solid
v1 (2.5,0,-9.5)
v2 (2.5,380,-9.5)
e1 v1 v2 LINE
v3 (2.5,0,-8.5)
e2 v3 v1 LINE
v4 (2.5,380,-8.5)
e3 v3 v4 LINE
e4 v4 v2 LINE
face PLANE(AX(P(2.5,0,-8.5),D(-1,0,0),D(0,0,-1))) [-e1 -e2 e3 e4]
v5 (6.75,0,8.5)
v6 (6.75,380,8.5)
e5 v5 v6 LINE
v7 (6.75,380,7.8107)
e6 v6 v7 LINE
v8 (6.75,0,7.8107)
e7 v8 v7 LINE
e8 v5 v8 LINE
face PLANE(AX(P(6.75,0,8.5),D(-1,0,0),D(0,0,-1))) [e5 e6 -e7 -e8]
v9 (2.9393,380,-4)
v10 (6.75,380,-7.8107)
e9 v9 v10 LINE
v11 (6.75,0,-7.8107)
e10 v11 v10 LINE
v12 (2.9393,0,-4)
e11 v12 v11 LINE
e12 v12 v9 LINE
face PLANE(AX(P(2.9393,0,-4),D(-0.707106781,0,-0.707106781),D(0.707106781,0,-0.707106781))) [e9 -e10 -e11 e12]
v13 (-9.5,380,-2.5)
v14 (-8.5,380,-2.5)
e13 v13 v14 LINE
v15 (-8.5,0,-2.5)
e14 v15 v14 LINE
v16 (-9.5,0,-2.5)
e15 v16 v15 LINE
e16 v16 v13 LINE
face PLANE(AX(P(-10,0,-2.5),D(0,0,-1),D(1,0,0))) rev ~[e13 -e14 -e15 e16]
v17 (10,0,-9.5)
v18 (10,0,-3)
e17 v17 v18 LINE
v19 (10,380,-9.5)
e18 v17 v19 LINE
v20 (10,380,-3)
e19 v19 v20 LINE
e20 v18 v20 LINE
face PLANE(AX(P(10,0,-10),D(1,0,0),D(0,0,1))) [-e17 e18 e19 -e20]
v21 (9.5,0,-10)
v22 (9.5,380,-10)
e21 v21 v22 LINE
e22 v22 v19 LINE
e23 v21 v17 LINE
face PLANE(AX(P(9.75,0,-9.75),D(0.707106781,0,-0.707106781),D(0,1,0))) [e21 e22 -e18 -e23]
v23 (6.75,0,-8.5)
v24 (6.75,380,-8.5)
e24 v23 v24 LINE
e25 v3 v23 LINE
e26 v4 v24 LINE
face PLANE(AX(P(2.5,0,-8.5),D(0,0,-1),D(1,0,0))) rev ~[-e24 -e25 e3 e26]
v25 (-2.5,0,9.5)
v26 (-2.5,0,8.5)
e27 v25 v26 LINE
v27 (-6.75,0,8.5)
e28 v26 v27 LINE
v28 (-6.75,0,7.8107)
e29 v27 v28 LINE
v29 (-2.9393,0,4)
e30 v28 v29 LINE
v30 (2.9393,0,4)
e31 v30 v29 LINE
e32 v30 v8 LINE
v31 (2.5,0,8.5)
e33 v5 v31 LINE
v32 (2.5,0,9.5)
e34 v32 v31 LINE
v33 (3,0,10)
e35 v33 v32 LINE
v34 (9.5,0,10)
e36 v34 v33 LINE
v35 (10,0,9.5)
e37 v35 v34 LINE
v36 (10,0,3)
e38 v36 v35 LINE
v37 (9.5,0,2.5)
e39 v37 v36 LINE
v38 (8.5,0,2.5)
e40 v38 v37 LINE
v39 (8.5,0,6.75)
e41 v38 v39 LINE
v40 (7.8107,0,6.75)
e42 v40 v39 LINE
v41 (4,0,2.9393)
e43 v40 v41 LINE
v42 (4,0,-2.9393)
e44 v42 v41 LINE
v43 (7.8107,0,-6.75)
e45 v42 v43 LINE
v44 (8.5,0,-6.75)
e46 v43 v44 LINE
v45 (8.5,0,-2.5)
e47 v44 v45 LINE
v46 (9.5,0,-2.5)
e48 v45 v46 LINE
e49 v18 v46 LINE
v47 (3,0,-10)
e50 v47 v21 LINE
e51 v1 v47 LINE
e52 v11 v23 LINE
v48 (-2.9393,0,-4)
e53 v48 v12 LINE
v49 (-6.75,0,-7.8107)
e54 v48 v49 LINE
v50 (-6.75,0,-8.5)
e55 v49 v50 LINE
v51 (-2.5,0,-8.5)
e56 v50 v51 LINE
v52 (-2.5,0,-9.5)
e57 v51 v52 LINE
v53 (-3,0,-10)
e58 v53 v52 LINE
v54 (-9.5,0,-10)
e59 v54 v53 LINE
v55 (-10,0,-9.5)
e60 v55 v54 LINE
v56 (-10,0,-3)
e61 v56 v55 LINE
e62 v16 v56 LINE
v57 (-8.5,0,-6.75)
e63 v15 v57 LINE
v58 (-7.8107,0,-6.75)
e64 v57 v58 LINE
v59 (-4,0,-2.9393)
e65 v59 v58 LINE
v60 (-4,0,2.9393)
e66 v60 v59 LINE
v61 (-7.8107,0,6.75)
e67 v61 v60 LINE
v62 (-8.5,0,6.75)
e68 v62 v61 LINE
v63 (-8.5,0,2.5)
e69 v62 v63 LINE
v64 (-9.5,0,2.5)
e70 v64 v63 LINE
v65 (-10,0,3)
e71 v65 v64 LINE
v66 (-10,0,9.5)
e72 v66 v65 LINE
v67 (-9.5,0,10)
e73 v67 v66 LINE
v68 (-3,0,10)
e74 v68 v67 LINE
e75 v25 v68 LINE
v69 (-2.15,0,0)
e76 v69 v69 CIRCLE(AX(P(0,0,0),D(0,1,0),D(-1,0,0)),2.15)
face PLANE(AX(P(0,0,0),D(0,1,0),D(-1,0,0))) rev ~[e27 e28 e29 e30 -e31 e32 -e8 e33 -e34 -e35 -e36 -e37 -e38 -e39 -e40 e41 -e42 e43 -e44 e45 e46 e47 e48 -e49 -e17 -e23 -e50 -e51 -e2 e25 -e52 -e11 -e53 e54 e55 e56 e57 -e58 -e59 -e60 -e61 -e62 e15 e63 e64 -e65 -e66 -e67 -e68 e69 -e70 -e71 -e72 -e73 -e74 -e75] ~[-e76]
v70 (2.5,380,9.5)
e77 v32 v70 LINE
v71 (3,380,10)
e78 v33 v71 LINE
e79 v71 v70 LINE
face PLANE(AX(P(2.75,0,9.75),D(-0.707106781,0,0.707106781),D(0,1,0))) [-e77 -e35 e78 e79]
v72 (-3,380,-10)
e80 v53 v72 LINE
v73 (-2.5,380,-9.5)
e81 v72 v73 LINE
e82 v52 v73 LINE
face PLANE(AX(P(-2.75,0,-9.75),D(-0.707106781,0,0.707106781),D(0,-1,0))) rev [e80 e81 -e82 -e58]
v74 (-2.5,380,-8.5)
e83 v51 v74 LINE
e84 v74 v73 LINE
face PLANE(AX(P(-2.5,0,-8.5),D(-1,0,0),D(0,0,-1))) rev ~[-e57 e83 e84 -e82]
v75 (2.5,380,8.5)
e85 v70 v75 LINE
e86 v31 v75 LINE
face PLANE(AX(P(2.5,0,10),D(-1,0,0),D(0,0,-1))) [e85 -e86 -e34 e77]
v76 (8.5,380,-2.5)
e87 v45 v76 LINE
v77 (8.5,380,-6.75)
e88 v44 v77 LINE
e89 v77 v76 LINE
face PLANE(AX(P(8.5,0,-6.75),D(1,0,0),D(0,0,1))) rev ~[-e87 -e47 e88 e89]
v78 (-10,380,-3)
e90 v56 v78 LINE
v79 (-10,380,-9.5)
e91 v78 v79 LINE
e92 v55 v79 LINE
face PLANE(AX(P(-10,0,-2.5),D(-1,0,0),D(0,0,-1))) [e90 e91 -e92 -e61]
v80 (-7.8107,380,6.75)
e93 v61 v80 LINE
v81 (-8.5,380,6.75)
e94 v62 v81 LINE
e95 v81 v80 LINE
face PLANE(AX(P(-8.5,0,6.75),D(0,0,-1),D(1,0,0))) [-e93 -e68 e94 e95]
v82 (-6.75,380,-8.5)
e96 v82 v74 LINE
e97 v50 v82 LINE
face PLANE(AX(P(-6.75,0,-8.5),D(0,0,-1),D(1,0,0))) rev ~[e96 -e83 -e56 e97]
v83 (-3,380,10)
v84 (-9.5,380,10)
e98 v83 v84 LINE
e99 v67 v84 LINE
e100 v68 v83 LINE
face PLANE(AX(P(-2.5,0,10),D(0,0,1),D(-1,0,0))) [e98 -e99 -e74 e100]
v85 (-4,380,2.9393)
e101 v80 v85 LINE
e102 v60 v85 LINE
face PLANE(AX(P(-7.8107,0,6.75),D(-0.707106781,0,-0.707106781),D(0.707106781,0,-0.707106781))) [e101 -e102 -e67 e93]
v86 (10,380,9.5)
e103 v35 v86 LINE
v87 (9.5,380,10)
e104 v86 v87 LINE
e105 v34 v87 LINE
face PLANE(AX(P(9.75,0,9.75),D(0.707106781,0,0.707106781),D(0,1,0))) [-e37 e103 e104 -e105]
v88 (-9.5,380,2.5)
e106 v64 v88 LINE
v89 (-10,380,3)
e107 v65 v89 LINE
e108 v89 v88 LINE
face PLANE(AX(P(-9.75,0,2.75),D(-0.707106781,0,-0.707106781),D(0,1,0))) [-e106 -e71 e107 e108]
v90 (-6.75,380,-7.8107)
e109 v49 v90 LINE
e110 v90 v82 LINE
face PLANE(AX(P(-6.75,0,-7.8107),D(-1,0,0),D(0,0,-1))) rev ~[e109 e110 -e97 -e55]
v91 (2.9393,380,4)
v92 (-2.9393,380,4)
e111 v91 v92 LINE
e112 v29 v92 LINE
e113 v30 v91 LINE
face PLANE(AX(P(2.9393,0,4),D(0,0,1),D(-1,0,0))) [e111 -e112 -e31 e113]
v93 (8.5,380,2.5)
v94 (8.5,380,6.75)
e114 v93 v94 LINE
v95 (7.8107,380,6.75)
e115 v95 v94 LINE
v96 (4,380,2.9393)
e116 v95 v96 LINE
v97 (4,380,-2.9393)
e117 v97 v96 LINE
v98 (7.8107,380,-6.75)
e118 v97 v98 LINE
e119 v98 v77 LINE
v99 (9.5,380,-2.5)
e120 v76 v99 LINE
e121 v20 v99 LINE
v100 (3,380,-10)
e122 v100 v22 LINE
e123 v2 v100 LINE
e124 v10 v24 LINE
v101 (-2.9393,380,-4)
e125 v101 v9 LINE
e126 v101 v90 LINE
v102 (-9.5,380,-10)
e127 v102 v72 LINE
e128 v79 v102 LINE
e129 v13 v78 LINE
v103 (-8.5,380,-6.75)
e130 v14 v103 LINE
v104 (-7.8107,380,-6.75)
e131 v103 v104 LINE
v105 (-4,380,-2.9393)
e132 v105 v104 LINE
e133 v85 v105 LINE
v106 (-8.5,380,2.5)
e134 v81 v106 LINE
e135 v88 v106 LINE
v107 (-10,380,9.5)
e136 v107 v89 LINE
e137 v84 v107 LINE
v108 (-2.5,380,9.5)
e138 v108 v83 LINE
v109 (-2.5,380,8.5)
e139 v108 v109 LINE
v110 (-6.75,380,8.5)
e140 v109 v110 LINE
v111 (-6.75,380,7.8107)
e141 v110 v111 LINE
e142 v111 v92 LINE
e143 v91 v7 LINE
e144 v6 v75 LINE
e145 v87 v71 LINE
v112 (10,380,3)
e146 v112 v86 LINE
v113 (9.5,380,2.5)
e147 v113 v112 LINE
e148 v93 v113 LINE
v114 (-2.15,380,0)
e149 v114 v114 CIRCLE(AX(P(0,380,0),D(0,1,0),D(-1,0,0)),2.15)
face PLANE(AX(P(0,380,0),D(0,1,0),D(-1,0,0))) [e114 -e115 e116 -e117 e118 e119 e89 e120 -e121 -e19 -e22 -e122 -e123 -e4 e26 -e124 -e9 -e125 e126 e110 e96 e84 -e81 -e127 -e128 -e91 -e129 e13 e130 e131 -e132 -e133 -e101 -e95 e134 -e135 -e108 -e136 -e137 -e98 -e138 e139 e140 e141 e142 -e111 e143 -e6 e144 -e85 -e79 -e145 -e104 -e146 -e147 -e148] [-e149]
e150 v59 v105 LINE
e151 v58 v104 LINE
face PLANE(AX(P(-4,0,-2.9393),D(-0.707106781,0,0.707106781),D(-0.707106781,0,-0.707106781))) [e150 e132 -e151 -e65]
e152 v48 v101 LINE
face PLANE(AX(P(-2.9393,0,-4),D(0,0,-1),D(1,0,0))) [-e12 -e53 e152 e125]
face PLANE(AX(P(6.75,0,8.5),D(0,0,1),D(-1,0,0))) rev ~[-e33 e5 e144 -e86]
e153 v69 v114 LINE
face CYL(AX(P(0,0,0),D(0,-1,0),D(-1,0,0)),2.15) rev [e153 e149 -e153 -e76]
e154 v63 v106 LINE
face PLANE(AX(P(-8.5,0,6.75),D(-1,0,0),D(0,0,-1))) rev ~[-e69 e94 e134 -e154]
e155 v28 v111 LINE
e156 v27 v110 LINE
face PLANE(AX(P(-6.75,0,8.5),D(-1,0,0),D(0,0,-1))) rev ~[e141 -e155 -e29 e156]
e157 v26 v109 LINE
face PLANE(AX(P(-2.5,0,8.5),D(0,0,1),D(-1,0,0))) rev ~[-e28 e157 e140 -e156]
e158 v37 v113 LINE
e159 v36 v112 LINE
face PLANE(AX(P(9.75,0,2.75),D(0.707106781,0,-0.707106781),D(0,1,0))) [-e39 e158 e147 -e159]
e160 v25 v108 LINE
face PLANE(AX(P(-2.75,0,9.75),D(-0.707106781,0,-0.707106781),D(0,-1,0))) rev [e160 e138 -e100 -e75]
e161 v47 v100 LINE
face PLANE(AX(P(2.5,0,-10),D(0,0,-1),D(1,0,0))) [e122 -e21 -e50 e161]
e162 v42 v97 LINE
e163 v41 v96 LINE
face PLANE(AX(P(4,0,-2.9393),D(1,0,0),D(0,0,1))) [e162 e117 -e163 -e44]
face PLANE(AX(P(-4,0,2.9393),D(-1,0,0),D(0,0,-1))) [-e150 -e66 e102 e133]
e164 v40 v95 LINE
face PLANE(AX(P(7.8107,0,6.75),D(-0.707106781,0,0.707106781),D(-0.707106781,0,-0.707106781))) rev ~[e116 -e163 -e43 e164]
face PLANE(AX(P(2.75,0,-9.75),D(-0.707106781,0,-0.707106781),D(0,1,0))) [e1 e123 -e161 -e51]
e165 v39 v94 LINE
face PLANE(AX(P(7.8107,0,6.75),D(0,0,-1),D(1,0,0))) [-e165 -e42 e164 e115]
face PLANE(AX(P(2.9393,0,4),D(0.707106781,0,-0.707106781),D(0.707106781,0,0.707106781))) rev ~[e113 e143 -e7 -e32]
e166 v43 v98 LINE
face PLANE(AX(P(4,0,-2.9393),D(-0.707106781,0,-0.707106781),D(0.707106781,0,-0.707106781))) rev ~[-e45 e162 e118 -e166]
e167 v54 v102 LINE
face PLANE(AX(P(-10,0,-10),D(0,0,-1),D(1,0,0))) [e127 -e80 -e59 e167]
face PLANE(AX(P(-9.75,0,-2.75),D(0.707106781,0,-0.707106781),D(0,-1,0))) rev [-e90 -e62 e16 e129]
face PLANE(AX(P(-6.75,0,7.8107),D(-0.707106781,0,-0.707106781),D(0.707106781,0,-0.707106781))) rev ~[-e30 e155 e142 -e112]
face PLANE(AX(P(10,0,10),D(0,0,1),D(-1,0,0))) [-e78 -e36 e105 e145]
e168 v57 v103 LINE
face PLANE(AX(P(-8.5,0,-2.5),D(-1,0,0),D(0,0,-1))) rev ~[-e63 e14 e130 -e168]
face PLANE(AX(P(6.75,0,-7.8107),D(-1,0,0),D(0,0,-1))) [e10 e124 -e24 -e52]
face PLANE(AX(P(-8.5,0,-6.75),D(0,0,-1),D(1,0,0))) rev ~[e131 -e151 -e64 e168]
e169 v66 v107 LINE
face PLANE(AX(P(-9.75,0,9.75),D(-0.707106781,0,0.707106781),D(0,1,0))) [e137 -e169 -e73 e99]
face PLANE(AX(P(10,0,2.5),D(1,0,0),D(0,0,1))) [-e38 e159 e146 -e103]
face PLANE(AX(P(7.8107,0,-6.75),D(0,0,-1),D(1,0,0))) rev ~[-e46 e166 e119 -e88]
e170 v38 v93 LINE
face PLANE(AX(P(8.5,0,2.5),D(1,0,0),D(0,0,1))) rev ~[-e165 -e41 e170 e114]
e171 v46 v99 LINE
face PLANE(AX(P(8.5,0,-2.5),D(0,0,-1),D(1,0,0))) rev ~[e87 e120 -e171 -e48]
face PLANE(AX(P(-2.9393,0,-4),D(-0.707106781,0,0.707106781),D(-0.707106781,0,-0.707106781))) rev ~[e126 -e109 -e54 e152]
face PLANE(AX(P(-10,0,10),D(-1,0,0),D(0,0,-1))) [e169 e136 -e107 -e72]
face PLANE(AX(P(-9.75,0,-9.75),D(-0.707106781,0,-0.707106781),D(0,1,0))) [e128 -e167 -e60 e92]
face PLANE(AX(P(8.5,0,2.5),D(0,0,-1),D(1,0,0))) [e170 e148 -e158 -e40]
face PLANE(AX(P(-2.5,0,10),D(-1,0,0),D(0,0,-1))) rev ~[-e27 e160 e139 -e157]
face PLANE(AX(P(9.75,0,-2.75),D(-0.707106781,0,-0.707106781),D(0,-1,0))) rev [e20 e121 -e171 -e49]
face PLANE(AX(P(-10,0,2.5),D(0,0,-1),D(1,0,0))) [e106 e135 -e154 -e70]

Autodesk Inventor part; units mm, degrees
ref_plane "YZ Plane" through (0, 0, 0) normal (1, 0, 0) x (0, 1, 0)
ref_plane "XZ Plane" through (0, 0, 0) normal (0, 1, 0) x (-1, 0, 0)
ref_plane "XY Plane" through (0, 0, 0) normal (0, 0, 1) x (1, 0, 0)
sketch "Sketch1" plane through (0, 0, 0) normal (0, 1, 0) x (-1, 0, 0)
  line L0 (-2.9393, 4) -> (2.9393, 4)
  line L1 (4, 2.9393) -> (4, -2.9393)
  line L2 (2.9393, -4) -> (-2.9393, -4)
  line L3 (-4, -2.9393) -> (-4, 2.9393)
  circle A0 centre (0, 0) radius 2.15
  line L4 (-2.9393, 4) -> (-6.75, 7.8107)
  line L5 (-7.8107, 6.75) -> (-4, 2.9393)
  line L6 (4, -2.9393) -> (7.8107, -6.75)
  line L7 (-10, 10) -> (-2.5, 10)
  line L8 (2.5, 10) -> (10, 10)
  line L9 (10, -10) -> (2.5, -10)
  line L10 (-2.5, -10) -> (-10, -10)
  line L11 (10, 10) -> (10, 2.5)
  line L12 (10, -2.5) -> (10, -10)
  line L13 (-10, -10) -> (-10, -2.5)
  line L14 (-10, 2.5) -> (-10, 10)
  line L15 (-8.5, 2.5) -> (-8.5, 6.75)
  line L16 (-6.75, 8.5) -> (-2.5, 8.5)
  line L17 (2.5, 10) -> (2.5, 8.5)
  line L18 (10, 2.5) -> (8.5, 2.5)
  line L19 (10, -2.5) -> (8.5, -2.5)
  line L20 (2.5, -8.5) -> (2.5, -10)
  line L21 (-2.5, -8.5) -> (-2.5, -10)
  line L22 (-8.5, -2.5) -> (-10, -2.5)
  line L23 (-8.5, 2.5) -> (-10, 2.5)
  line L24 (-2.5, 10) -> (-2.5, 8.5)
  line L25 (-7.8107, 6.75) -> (-8.5, 6.75)
  line L26 (-6.75, 8.5) -> (-6.75, 7.8107)
  line L27 (6.75, 8.5) -> (6.75, 7.8107)
  line L28 (8.5, 6.75) -> (7.8107, 6.75)
  line L29 (8.5, 6.75) -> (8.5, 2.5)
  line L30 (2.5, 8.5) -> (6.75, 8.5)
  line L31 (6.75, 7.8107) -> (2.9393, 4)
  line L32 (7.8107, 6.75) -> (4, 2.9393)
  line L33 (2.9393, -4) -> (6.75, -7.8107)
  line L34 (8.5, -2.5) -> (8.5, -6.75)
  line L35 (6.75, -8.5) -> (2.5, -8.5)
  line L36 (8.5, -6.75) -> (7.8107, -6.75)
  line L37 (6.75, -7.8107) -> (6.75, -8.5)
  line L38 (-2.5, -8.5) -> (-6.75, -8.5)
  line L39 (-2.9393, -4) -> (-6.75, -7.8107)
  line L40 (-8.5, -6.75) -> (-8.5, -2.5)
  line L41 (-4, -2.9393) -> (-7.8107, -6.75)
  line L42 (-6.75, -7.8107) -> (-6.75, -8.5)
  line L43 (-7.8107, -6.75) -> (-8.5, -6.75)
  dimension "d0" = 20
  dimension "d1" = 20
  dimension "d26" = 1.5
  dimension "d27" = 1.5
  dimension "d32" = 7.5
  dimension "d33" = 5
  dimension "d34" = 7.5
  dimension "d35" = 7.5
  dimension "d40" = 6
  dimension "d41" = 13.5
extrude "Extrusion1" add sketch "Sketch1" along normal blind 380
chamfer "Chamfer1" distance 0.5 angle 45 12 edges at (-10, 190, 2.5) (-10, 190, -2.5) (-2.5, 190, 10) (2.5, 190, 10) (10, 190, 2.5) (10, 190, -2.5) (2.5, 190, -10) (-2.5, 190, -10) (-10, 190, 10) (-10, 190, -10) (10, 190, -10) (10, 190, 10)
properties part number "2020 Extrusion 380mm" material "Aluminum 6061"
